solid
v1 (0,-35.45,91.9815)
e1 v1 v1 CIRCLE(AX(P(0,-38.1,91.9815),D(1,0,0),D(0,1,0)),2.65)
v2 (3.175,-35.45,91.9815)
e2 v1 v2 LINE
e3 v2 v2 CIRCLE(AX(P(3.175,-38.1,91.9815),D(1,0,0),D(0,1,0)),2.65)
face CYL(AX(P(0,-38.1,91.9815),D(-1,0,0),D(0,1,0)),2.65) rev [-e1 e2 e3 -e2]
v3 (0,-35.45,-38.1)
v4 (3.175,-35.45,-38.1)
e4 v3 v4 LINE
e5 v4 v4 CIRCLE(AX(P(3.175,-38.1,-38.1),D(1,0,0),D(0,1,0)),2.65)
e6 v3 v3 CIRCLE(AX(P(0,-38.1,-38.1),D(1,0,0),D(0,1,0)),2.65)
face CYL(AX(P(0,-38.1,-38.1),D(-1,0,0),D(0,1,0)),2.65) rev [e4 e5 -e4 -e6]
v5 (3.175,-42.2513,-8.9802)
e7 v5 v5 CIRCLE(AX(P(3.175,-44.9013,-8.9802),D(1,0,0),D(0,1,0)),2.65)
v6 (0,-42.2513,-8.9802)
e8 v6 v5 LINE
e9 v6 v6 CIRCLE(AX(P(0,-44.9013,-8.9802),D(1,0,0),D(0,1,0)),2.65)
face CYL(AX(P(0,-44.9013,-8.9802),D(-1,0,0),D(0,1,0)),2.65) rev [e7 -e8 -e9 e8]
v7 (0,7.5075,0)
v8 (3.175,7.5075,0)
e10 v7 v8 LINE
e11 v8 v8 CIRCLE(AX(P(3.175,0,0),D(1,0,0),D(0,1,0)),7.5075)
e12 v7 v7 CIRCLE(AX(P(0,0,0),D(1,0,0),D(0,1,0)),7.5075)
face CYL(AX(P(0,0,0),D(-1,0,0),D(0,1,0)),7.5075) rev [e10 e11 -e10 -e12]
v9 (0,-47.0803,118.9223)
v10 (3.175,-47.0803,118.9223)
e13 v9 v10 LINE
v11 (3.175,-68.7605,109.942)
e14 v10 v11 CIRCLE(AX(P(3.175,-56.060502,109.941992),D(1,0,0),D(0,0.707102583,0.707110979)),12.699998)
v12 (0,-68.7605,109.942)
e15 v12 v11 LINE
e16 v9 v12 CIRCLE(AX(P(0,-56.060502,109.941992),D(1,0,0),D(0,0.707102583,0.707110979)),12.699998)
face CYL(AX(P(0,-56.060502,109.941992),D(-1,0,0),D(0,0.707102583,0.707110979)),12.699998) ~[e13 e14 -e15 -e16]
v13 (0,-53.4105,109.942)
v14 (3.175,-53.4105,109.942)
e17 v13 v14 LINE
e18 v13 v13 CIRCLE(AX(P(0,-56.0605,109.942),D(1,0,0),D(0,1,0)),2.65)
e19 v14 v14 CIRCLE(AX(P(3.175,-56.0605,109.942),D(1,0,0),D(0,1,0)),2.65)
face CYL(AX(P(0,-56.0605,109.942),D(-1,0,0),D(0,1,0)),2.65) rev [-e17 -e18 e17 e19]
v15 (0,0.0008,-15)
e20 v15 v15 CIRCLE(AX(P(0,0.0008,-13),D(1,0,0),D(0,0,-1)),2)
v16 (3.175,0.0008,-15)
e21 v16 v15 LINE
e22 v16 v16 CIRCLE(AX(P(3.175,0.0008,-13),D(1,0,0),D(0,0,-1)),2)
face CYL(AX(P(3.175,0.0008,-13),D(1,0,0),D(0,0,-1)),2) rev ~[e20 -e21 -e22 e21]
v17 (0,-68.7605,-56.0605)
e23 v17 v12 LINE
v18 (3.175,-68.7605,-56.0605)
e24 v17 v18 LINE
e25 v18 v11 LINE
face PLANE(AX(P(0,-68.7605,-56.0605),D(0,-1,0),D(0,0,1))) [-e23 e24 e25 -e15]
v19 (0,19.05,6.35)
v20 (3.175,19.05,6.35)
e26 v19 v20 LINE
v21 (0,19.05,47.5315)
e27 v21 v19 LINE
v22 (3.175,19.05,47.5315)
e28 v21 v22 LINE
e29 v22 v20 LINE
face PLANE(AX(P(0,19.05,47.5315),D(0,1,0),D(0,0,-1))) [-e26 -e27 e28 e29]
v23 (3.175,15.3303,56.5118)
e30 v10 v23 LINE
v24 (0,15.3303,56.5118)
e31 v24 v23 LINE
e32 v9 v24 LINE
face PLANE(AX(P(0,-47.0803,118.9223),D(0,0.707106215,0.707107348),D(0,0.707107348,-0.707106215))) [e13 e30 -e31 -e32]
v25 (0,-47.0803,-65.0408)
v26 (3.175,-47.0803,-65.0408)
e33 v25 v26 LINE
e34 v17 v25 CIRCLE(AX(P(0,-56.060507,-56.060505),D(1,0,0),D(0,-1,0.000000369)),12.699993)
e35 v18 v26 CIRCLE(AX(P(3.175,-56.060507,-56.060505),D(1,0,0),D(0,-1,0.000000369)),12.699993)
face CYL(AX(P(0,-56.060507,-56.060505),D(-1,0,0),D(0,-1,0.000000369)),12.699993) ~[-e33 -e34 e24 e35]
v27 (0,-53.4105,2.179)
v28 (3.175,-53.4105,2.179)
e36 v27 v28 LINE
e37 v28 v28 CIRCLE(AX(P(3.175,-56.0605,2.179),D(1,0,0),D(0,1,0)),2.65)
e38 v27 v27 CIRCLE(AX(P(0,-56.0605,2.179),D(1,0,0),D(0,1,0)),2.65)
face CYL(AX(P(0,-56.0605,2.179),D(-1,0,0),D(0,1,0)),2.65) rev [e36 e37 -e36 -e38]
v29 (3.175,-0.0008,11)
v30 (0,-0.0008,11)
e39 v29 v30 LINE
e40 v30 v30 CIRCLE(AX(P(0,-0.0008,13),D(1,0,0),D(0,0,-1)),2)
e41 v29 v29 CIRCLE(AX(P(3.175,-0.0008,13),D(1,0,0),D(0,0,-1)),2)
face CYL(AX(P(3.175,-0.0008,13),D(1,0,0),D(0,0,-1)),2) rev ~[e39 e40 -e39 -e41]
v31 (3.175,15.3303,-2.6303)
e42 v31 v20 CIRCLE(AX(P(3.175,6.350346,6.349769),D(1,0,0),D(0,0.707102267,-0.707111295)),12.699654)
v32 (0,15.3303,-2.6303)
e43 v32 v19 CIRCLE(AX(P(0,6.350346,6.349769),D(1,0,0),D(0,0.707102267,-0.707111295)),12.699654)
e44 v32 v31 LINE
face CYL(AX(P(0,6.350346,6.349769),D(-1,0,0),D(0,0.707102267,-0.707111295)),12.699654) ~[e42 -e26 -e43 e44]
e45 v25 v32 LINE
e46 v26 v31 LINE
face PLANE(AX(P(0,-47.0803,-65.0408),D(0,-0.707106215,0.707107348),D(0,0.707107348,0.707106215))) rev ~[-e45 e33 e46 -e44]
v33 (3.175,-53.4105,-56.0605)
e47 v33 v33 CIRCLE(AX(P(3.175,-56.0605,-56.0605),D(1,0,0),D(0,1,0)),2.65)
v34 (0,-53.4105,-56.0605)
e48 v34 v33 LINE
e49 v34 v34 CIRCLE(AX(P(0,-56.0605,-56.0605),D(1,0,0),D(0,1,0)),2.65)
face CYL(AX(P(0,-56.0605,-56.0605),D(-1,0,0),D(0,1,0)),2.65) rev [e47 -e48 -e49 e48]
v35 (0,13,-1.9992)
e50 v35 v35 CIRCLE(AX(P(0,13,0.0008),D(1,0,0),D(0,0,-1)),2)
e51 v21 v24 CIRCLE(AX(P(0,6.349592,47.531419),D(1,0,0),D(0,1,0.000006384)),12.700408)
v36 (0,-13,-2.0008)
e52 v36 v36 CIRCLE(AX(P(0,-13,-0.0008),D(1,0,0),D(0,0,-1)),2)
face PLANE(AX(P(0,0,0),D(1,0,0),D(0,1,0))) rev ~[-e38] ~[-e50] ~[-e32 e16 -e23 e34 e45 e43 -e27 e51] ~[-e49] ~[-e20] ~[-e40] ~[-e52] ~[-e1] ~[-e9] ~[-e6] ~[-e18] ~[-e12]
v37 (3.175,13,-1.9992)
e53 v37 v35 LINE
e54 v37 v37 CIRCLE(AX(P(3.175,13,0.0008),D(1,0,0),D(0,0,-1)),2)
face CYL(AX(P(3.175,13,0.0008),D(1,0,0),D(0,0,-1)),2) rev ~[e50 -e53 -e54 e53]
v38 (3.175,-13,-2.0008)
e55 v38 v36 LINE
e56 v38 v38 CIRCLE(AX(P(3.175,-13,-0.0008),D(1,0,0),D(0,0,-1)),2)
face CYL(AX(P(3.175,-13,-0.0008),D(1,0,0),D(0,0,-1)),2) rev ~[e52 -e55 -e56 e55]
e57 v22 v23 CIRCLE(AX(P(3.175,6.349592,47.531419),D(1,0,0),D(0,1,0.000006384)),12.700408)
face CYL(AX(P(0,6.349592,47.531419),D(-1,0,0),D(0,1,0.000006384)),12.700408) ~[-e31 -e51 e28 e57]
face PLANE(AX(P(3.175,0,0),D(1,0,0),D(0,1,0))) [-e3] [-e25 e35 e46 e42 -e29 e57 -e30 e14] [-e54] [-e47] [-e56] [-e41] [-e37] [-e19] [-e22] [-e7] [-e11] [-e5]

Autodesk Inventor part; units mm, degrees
ref_plane "YZ Plane" through (0, 0, 0) normal (1, 0, 0) x (0, 1, 0)
ref_plane "XZ Plane" through (0, 0, 0) normal (0, 1, 0) x (-1, 0, 0)
ref_plane "XY Plane" through (0, 0, 0) normal (0, 0, 1) x (1, 0, 0)
sketch "Sketch1" plane through (0, 0, 0) normal (1, 0, 0) x (0, 1, 0)
  circle A0 centre (0, 0) radius 7.5075
  circle A1 centre (-56.0605, -56.0605) radius 2.65
  circle A2 centre (-38.1, -38.1) radius 2.65
  circle A3 centre (-47.0803, 100.9618) radius 2.65
  circle A4 centre (-56.0605, 109.942) radius 2.65
  circle A5 centre (-38.1, 91.9815) radius 2.65
  circle A6 centre (-47.0803, -47.0803) radius 2.65
  line L0 (-47.0803, 100.9618) -> (6.8013, 47.0803) construction
  line L1 (-35.921, 35.921) -> (0, 0) construction
  line L2 (0, 0) -> (-35.921, -35.921) construction
  line L3 (0, 0) -> (12.7, 0) construction
  line L4 (-47.0803, 118.9223) -> (15.3303, 56.5118)
  line L5 (19.05, 47.5315) -> (19.05, 6.35)
  line L6 (-68.7605, -56.0605) -> (-68.7605, 109.942)
  arc A7 (19.05, 47.5315) -> (15.3303, 56.5118) centre (6.35, 47.5315) ccw
  arc A8 (-47.0803, 118.9223) -> (-68.7605, 109.942) centre (-56.0605, 109.942) ccw
  line L7 (-47.0803, -65.0408) -> (15.3303, -2.6303)
  arc A9 (15.3303, -2.6303) -> (19.05, 6.35) centre (6.35, 6.35) ccw
  arc A10 (-68.7605, -56.0605) -> (-47.0803, -65.0408) centre (-56.0605, -56.0605) ccw
  line L8 (-26.9408, -8.9802) -> (-44.9013, -26.9407) projected
  line L9 (-44.9013, -26.9407) -> (-284.0015, 212.1595) projected
  line L10 (-266.041, 230.12) -> (-284.0015, 212.1595) projected
  line L11 (-26.9408, -8.9802) -> (-266.041, 230.12) projected
  circle A11 centre (-56.0605, 2.179) radius 2.65
  circle A12 centre (-44.9013, -8.9802) radius 2.65
  line L12 (-56.0605, 2.179) -> (-44.9013, -8.9802) construction
  point P0 (19.05, 1.0895)
  point P1 (-68.7605, -86.721)
  point P2 (-68.7605, 32.8395)
  dimension "d0" = 15.015
  dimension "d1" = 5.3
  dimension "d2" = 5.3
  dimension "d3" = 5.3
  dimension "d4" = 5.3
  dimension "d5" = 5.3
  dimension "d6" = 5.3
  dimension "d8" = 38.1
  dimension "d10" = 38.1
  dimension "d11" = 12.7
  dimension "d12" = 12.7
  dimension "d13" = 38.1
  dimension "d14" = 12.7
  dimension "d15" = 12.7
  dimension "d16" = 12.7
  dimension "d18" = 19.05
  dimension "d19" = 45
  dimension "d20" = 12.7
  dimension "d21" = 12.7
  dimension "d24" = 12.7
  dimension "d25" = 12.7
  dimension "d27" = 12.7
  dimension "d29" = 12.7
  dimension "d34" = 12.7
  dimension "d47" = 12.7
  dimension "d49" = 50.8
  dimension "d50" = 76.2
  dimension "d51" = 12.7
extrude "Extrusion2" add sketch "Sketch1" along normal blind 3.175 contours A3 | A6 | L4 A7 L5 A9 L7 A10 L6 L9 L8 L11 A8 | L11 L8 L9 L6
sketch "Sketch3" plane through (3.175, 0, 0) normal (1, 0, 0) x (0, 0, -1)
  circle A0 centre (0, 0) radius 7.5075 projected
  circle A1 centre (0, 0) radius 13 construction
  circle A2 centre (-0.0008, 13) radius 2
  line L0 (-6.35, 19.05) -> (-47.5315, 19.05) projected
  circle A3 centre (-13, -0.0008) radius 2
  circle A4 centre (0.0008, -13) radius 2
  circle A5 centre (13, 0.0008) radius 2
  dimension "d37" = 26
  dimension "d38" = 4
  dimension "d42" = 360
extrude "Extrusion3" cut sketch "Sketch3" against normal blind 25.4 contours A2 | A3 | A4 | A5
equation "\"d12\" = d11"
equation "\"d13\" = d10"
equation "\"d14\" = d11"
equation "\"d15\" = d11"
properties part number "HipPivotPlate" material "Aluminum 6061"
